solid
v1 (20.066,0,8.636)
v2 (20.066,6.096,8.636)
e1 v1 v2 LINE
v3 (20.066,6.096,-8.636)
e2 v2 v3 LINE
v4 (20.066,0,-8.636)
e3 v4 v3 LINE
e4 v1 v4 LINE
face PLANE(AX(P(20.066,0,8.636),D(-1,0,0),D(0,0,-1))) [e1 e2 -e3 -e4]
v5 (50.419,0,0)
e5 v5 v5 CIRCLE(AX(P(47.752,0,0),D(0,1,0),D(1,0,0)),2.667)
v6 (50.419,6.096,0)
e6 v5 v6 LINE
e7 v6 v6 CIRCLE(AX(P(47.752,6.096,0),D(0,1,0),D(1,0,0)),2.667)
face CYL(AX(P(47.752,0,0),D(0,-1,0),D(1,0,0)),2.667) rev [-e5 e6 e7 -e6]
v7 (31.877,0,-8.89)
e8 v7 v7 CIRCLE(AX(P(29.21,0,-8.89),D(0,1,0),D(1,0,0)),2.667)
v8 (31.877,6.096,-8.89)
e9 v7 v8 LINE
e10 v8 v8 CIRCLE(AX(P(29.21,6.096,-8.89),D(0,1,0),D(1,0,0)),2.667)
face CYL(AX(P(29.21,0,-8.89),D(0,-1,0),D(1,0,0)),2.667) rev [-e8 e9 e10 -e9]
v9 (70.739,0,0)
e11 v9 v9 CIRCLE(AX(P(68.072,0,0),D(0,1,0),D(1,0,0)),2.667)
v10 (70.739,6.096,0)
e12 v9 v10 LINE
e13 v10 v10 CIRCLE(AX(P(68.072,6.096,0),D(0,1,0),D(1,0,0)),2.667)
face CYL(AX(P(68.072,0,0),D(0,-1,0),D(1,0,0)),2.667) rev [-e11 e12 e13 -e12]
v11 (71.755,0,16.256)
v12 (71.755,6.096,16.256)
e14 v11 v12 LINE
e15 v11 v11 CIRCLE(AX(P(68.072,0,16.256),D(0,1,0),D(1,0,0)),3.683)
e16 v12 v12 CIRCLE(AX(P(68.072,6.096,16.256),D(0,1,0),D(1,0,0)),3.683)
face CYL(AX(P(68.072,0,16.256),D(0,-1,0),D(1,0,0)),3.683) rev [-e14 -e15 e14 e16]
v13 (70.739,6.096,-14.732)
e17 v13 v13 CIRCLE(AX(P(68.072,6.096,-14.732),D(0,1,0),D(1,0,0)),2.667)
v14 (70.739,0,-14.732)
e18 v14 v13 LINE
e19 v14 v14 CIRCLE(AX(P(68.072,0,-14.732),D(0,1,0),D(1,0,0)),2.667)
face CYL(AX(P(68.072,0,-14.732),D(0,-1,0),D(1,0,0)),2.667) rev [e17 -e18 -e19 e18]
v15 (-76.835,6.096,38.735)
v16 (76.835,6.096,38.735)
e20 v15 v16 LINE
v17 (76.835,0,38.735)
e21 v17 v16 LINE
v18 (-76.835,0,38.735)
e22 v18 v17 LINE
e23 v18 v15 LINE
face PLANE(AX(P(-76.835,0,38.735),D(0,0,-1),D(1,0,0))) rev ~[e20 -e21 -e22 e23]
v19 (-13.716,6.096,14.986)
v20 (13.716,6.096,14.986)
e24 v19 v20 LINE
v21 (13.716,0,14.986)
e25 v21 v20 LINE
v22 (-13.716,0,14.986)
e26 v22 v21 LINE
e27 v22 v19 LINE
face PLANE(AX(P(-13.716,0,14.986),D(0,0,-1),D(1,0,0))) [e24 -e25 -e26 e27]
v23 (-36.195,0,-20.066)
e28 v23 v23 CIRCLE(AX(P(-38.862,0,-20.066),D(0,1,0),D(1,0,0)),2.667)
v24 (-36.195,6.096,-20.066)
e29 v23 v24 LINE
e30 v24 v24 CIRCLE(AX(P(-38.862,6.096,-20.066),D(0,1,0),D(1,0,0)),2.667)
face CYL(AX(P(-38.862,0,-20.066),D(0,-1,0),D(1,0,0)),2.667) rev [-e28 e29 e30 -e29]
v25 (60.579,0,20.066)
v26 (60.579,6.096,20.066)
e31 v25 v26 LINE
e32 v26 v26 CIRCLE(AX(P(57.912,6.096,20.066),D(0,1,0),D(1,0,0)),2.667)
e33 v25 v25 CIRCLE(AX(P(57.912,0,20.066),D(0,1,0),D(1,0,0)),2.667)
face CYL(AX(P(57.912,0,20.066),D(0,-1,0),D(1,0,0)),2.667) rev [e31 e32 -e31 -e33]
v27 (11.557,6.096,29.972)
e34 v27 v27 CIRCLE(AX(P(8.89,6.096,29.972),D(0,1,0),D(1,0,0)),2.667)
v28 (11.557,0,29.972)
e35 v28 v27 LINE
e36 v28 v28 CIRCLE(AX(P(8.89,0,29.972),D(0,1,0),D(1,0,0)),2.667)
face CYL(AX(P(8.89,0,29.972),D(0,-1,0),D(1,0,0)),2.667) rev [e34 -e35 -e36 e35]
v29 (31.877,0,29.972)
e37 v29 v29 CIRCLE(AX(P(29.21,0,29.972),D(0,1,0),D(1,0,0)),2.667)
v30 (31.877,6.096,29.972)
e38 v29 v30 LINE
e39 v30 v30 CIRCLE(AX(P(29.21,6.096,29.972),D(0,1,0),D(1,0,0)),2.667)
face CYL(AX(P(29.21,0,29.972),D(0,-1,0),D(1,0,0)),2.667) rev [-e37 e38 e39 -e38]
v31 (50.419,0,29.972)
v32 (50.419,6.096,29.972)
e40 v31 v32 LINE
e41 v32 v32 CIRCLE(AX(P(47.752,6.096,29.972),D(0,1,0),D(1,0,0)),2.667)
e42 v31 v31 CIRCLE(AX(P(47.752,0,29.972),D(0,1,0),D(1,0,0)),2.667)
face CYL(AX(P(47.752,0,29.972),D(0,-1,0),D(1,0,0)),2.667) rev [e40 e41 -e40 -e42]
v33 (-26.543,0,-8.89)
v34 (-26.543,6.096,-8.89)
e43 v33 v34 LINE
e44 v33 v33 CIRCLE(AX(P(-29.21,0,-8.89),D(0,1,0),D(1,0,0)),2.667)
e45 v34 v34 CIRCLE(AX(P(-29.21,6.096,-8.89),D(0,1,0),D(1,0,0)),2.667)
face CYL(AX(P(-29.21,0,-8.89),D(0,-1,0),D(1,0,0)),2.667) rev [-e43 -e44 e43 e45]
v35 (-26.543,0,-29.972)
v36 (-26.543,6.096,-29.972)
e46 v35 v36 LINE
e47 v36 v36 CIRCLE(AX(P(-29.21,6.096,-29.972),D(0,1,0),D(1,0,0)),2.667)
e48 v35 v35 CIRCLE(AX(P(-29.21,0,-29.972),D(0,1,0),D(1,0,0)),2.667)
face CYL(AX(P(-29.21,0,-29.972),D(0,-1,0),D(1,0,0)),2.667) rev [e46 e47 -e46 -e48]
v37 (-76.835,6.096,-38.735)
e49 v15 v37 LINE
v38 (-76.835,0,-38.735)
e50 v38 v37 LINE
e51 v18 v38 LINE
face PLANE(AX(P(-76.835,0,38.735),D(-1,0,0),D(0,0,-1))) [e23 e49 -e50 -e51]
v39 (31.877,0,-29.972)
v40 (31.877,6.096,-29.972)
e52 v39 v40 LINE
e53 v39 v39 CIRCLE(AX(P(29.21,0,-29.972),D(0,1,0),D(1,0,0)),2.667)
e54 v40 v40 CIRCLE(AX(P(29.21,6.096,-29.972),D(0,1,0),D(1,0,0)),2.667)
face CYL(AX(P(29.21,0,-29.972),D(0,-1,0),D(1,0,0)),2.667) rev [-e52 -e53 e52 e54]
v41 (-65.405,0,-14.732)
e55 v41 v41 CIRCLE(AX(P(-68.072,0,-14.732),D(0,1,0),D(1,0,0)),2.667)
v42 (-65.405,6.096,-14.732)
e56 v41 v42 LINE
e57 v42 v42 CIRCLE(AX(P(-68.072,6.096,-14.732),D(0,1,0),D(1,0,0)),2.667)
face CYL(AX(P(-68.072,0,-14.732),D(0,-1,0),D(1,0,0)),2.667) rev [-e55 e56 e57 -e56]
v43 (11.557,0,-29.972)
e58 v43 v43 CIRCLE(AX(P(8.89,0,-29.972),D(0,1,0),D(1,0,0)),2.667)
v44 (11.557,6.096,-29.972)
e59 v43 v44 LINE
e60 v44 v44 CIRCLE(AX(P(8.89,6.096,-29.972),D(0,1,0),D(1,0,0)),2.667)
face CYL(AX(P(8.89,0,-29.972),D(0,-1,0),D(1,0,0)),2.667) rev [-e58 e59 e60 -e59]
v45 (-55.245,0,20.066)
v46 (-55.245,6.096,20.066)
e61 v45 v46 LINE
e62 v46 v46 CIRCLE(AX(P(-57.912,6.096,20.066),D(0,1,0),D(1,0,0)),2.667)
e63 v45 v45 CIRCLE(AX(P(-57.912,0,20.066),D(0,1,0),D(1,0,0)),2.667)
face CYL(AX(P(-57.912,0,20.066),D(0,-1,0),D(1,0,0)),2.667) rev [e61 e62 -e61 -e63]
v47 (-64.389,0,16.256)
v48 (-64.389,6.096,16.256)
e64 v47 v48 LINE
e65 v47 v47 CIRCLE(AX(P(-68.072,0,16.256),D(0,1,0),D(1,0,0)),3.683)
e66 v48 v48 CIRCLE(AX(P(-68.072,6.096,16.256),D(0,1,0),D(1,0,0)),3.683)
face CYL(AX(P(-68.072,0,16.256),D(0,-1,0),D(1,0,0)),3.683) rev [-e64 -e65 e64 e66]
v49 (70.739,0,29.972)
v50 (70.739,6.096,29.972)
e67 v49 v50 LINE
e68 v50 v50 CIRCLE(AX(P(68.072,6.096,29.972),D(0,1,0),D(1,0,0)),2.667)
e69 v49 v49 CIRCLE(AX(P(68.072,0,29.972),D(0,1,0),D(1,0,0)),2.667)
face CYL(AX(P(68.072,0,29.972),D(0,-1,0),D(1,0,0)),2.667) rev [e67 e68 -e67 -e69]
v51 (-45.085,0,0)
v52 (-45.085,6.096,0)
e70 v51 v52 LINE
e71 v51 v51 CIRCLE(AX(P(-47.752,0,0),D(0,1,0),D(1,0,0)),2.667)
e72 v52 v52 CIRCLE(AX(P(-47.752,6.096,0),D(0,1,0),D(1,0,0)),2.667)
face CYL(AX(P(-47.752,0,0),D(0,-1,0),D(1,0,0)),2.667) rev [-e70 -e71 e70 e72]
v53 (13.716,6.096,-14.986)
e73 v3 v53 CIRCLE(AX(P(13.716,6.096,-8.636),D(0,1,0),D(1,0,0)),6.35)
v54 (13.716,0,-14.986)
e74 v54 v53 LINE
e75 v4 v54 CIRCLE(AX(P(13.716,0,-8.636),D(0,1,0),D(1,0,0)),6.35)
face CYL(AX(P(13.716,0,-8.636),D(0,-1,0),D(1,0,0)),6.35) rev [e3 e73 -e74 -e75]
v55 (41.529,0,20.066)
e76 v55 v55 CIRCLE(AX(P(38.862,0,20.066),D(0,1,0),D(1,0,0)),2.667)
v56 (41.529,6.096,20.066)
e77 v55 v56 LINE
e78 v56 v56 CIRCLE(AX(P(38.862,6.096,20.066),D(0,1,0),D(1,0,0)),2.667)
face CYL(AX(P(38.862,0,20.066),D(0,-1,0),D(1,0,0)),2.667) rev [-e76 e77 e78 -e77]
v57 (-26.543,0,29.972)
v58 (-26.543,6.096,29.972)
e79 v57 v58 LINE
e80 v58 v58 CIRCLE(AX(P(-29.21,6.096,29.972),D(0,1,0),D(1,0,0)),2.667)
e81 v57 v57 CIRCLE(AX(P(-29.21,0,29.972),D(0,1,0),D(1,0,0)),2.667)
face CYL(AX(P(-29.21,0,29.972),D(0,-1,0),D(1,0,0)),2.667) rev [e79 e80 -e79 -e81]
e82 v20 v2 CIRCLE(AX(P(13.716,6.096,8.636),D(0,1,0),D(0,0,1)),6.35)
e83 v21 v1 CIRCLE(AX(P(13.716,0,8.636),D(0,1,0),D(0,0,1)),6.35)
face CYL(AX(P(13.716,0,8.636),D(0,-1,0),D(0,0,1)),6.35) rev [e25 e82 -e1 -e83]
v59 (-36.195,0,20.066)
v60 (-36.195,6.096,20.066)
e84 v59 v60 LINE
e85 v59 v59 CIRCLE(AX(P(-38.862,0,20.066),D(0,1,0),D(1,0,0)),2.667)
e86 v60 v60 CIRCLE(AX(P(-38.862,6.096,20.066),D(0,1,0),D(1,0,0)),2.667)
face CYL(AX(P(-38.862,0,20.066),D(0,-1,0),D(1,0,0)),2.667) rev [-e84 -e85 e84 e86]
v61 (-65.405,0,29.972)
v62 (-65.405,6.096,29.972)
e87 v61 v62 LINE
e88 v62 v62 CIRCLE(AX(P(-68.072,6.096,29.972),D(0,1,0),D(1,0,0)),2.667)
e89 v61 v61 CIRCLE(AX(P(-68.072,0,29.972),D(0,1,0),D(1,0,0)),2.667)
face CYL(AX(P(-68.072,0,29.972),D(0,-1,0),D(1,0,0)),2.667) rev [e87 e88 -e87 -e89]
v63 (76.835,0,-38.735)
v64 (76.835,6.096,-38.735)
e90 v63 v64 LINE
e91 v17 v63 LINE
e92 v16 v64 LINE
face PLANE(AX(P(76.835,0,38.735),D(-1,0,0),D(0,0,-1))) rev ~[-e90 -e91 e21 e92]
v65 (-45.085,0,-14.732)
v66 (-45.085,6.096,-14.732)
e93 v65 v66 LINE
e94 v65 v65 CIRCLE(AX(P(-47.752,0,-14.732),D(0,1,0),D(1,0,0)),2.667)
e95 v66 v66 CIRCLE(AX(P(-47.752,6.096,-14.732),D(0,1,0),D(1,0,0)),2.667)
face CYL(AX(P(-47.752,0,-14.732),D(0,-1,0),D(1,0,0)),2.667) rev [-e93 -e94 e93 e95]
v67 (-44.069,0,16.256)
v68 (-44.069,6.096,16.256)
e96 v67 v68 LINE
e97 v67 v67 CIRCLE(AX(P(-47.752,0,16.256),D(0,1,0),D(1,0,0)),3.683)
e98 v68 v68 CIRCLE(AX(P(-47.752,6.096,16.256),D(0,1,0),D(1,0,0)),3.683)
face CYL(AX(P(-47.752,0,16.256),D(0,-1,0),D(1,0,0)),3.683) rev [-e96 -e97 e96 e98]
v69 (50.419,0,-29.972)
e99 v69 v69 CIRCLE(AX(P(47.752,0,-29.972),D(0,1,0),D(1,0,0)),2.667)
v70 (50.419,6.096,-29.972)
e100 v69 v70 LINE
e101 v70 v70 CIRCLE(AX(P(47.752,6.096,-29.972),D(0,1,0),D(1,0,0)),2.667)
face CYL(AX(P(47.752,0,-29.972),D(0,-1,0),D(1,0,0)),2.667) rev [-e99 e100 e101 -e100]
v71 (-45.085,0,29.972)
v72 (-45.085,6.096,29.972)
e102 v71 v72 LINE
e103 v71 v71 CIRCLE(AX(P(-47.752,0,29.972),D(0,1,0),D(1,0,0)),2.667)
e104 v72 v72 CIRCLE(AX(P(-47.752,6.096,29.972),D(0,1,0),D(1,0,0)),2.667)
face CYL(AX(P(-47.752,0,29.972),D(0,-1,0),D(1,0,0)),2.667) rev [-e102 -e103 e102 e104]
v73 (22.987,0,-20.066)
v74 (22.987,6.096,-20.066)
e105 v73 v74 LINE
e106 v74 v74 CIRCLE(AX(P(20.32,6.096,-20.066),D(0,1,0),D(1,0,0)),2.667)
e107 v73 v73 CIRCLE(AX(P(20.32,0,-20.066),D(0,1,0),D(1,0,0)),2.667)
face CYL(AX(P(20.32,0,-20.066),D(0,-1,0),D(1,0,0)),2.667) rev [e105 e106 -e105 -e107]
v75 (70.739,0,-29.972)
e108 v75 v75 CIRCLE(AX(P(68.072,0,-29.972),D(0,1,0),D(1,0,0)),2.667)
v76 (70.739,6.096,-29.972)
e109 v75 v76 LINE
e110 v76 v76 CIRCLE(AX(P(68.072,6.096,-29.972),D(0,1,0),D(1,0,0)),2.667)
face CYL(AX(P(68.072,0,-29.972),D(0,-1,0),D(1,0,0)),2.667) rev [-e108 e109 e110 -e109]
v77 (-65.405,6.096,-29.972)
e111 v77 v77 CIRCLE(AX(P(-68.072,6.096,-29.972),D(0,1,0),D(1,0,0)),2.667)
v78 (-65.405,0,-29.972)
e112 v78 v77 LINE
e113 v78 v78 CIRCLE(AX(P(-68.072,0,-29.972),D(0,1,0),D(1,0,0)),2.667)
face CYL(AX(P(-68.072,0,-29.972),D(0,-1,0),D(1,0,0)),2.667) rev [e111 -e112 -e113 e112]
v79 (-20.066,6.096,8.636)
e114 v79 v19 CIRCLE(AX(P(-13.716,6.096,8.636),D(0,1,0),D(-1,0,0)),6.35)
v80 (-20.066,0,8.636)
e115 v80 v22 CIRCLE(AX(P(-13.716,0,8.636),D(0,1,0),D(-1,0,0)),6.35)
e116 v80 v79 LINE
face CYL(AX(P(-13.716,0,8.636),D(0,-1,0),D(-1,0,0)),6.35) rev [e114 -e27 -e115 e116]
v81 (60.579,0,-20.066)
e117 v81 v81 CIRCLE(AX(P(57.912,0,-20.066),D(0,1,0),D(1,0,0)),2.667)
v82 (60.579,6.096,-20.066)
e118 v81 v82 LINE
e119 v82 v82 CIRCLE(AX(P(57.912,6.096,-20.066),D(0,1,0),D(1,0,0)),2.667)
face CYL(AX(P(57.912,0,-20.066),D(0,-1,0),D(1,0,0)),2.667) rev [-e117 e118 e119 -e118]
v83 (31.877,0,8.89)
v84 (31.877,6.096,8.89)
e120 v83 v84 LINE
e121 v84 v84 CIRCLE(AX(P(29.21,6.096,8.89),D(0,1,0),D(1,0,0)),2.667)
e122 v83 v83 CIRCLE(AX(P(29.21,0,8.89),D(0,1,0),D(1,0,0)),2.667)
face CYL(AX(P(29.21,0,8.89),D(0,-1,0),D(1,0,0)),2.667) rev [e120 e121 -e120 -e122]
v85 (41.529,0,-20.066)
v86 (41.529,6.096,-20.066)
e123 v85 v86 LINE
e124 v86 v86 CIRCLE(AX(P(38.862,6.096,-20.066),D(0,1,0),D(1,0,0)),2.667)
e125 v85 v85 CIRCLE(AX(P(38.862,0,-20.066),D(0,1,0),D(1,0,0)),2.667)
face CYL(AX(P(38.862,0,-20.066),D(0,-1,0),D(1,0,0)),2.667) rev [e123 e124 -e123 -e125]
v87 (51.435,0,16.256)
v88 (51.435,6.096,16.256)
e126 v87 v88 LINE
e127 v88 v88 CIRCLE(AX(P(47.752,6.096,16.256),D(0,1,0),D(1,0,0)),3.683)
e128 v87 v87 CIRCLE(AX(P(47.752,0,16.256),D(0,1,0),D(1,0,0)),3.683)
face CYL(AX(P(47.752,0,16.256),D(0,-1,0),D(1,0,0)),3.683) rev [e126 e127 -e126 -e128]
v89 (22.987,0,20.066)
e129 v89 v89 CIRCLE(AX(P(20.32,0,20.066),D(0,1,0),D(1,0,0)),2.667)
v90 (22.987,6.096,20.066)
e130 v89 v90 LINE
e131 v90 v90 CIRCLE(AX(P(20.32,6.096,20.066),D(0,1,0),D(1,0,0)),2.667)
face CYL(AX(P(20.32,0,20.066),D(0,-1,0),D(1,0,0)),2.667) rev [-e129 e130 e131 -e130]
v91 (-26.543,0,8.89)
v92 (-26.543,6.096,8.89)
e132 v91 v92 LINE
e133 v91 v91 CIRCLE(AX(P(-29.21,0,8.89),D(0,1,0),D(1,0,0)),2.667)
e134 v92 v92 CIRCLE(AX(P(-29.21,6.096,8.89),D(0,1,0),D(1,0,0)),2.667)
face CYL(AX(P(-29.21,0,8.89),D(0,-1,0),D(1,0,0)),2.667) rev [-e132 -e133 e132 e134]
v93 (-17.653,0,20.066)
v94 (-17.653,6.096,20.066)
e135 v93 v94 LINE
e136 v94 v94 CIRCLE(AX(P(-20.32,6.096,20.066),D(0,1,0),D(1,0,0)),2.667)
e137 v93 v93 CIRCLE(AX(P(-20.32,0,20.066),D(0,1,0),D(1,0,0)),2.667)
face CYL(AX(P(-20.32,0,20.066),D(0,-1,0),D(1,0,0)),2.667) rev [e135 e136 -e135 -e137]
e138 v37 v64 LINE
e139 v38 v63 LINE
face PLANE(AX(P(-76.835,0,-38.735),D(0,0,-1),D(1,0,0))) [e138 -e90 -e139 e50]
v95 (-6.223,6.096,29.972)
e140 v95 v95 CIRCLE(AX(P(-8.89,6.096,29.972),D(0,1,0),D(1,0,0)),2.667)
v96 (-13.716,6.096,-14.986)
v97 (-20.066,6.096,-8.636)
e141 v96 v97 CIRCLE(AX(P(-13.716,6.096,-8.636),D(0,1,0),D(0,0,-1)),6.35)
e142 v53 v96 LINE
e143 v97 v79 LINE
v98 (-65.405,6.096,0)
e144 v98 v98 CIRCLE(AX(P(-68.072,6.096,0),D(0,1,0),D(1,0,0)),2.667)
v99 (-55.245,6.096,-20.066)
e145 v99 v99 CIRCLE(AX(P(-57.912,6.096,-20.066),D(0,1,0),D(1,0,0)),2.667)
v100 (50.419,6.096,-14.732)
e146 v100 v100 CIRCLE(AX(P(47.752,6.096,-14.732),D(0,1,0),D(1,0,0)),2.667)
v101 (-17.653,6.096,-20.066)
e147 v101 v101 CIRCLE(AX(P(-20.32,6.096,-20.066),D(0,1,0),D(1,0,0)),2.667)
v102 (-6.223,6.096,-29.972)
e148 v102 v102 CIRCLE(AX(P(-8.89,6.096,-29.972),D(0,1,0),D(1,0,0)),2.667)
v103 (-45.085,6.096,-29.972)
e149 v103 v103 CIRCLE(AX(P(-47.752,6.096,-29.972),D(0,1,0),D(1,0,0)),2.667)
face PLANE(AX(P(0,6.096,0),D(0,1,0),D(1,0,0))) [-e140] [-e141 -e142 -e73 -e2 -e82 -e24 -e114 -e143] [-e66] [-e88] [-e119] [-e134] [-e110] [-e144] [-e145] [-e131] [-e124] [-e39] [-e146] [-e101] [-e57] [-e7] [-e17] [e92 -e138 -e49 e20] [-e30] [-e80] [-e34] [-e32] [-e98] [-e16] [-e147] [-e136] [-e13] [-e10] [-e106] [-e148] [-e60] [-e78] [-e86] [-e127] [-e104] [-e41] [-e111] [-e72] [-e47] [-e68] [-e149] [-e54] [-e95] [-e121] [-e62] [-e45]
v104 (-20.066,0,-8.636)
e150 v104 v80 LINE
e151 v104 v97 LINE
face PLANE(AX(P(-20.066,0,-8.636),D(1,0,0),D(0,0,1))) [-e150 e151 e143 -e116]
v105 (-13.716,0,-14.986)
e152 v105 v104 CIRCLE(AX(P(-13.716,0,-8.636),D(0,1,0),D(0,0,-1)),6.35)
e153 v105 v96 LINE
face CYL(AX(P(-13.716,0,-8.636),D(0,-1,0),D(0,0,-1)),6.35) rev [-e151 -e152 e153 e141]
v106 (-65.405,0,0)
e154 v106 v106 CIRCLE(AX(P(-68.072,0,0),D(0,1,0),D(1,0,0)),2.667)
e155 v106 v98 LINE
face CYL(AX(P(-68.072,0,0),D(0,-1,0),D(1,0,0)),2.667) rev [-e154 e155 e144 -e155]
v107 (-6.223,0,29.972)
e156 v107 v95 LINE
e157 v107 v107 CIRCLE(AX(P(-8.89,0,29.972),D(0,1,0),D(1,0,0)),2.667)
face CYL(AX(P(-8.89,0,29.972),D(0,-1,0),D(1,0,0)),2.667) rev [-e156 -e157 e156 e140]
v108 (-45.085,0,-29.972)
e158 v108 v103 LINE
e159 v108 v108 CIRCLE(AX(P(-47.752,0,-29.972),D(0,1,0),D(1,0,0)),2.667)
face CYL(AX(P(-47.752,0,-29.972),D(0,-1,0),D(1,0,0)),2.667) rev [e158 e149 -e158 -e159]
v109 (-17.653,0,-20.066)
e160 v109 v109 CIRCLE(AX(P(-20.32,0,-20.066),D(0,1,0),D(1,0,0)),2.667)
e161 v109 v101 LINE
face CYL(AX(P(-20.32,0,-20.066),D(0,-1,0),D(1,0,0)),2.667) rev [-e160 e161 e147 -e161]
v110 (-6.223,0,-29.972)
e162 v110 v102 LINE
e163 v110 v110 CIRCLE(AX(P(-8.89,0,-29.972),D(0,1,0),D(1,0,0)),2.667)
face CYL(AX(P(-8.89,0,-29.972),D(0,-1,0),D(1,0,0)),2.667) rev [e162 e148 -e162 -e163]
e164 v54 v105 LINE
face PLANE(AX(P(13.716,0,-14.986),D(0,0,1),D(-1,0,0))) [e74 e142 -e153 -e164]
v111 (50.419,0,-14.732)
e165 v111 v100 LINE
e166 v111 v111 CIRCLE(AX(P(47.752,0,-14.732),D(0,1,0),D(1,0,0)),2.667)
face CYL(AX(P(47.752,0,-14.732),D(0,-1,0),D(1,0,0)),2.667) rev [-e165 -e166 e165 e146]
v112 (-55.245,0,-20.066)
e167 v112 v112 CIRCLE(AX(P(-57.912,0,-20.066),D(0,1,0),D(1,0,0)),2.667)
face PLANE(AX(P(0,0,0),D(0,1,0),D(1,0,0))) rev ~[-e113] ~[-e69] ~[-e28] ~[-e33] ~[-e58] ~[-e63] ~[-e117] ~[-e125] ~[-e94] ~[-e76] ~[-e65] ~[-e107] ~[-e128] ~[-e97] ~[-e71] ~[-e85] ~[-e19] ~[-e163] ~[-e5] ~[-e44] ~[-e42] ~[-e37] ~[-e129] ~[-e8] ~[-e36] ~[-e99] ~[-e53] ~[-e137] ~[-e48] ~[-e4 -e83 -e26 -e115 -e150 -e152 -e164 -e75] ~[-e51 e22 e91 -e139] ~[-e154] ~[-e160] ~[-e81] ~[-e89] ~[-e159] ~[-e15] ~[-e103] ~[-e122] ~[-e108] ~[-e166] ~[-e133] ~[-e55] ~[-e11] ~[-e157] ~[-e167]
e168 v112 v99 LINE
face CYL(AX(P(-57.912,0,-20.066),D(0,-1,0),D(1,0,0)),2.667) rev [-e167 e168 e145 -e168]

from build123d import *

# Parameters (mm, degrees)
SKETCH1_W           = 153.67
SKETCH1_H           = 77.47
SKETCH1_R           = 2.667
SKETCH1_R_2         = 3.683
BOSS_EXTRUDE1_DEPTH = 6.096


with BuildPart() as part:
    # Sketch1 → Boss-Extrude1 (new body)
    with BuildSketch(Plane(origin=(0, 0, 0), x_dir=(1, 0, 0), z_dir=(0, 1, 0))):
        Rectangle(SKETCH1_W, SKETCH1_H)
        with Locations((-68.072, 29.972)):
            Circle(SKETCH1_R, mode=Mode.SUBTRACT)
        with Locations((-68.072, 14.732)):
            Circle(SKETCH1_R, mode=Mode.SUBTRACT)
        with Locations((-68.072, 0)):
            Circle(SKETCH1_R, mode=Mode.SUBTRACT)
        with Locations((-68.072, -29.972)):
            Circle(SKETCH1_R, mode=Mode.SUBTRACT)
        with Locations((-68.072, -16.256)):
            Circle(SKETCH1_R_2, mode=Mode.SUBTRACT)
        with Locations((-47.752, -29.972)):
            Circle(SKETCH1_R, mode=Mode.SUBTRACT)
        with Locations((-47.752, -16.256)):
            Circle(SKETCH1_R_2, mode=Mode.SUBTRACT)
        with Locations((-47.752, 0)):
            Circle(SKETCH1_R, mode=Mode.SUBTRACT)
        with Locations((-47.752, 14.732)):
            Circle(SKETCH1_R, mode=Mode.SUBTRACT)
        with Locations((-47.752, 29.972)):
            Circle(SKETCH1_R, mode=Mode.SUBTRACT)
        with Locations((-29.21, 29.972)):
            Circle(SKETCH1_R, mode=Mode.SUBTRACT)
        with Locations((-8.89, 29.972)):
            Circle(SKETCH1_R, mode=Mode.SUBTRACT)
        with Locations((-29.21, 8.89)):
            Circle(SKETCH1_R, mode=Mode.SUBTRACT)
        with Locations((-29.21, -8.89)):
            Circle(SKETCH1_R, mode=Mode.SUBTRACT)
        with Locations((-8.89, -29.972)):
            Circle(SKETCH1_R, mode=Mode.SUBTRACT)
        with Locations((-29.21, -29.972)):
            Circle(SKETCH1_R, mode=Mode.SUBTRACT)
        with Locations((-57.912, 20.066)):
            Circle(SKETCH1_R, mode=Mode.SUBTRACT)
        with Locations((-57.912, -20.066)):
            Circle(SKETCH1_R, mode=Mode.SUBTRACT)
        with Locations((-20.32, 20.066)):
            Circle(SKETCH1_R, mode=Mode.SUBTRACT)
        with Locations((-20.32, -20.066)):
            Circle(SKETCH1_R, mode=Mode.SUBTRACT)
        with Locations((-38.862, 20.066)):
            Circle(SKETCH1_R, mode=Mode.SUBTRACT)
        with Locations((-38.862, -20.066)):
            Circle(SKETCH1_R, mode=Mode.SUBTRACT)
        with Locations((20.32, -20.066)):
            Circle(SKETCH1_R, mode=Mode.SUBTRACT)
        with Locations((8.89, -29.972)):
            Circle(SKETCH1_R, mode=Mode.SUBTRACT)
        with Locations((29.21, -29.972)):
            Circle(SKETCH1_R, mode=Mode.SUBTRACT)
        with Locations((38.862, -20.066)):
            Circle(SKETCH1_R, mode=Mode.SUBTRACT)
        with Locations((47.752, -29.972)):
            Circle(SKETCH1_R, mode=Mode.SUBTRACT)
        with Locations((68.072, -29.972)):
            Circle(SKETCH1_R, mode=Mode.SUBTRACT)
        with Locations((68.072, 0)):
            Circle(SKETCH1_R, mode=Mode.SUBTRACT)
        with Locations((68.072, -16.256)):
            Circle(SKETCH1_R_2, mode=Mode.SUBTRACT)
        with Locations((57.912, -20.066)):
            Circle(SKETCH1_R, mode=Mode.SUBTRACT)
        with Locations((47.752, -16.256)):
            Circle(SKETCH1_R_2, mode=Mode.SUBTRACT)
        with Locations((29.21, -8.89)):
            Circle(SKETCH1_R, mode=Mode.SUBTRACT)
        with Locations((29.21, 8.89)):
            Circle(SKETCH1_R, mode=Mode.SUBTRACT)
        with Locations((57.912, 20.066)):
            Circle(SKETCH1_R, mode=Mode.SUBTRACT)
        with Locations((68.072, 14.732)):
            Circle(SKETCH1_R, mode=Mode.SUBTRACT)
        with Locations((68.072, 29.972)):
            Circle(SKETCH1_R, mode=Mode.SUBTRACT)
        with Locations((47.752, 14.732)):
            Circle(SKETCH1_R, mode=Mode.SUBTRACT)
        with Locations((47.752, 0)):
            Circle(SKETCH1_R, mode=Mode.SUBTRACT)
        with Locations((38.862, 20.066)):
            Circle(SKETCH1_R, mode=Mode.SUBTRACT)
        with Locations((20.32, 20.066)):
            Circle(SKETCH1_R, mode=Mode.SUBTRACT)
        with Locations((8.89, 29.972)):
            Circle(SKETCH1_R, mode=Mode.SUBTRACT)
        with Locations((29.21, 29.972)):
            Circle(SKETCH1_R, mode=Mode.SUBTRACT)
        with Locations((47.752, 29.972)):
            Circle(SKETCH1_R, mode=Mode.SUBTRACT)
        with BuildLine():
            Line((13.716, 14.986), (-13.716, 14.986))
            ThreePointArc((-13.716, 14.986), (-18.206128061, 13.126128061), (-20.066, 8.636))
            Line((-20.066, 8.636), (-20.066, -8.636))
            ThreePointArc((-20.066, -8.636), (-18.206128061, -13.126128061), (-13.716, -14.986))
            Line((-13.716, -14.986), (13.716, -14.986))
            ThreePointArc((13.716, -14.986), (18.206128061, -13.126128061), (20.066, -8.636))
            Line((20.066, -8.636), (20.066, 8.636))
            ThreePointArc((20.066, 8.636), (18.206128061, 13.126128061), (13.716, 14.986))
        make_face(mode=Mode.SUBTRACT)
    extrude(amount=BOSS_EXTRUDE1_DEPTH)


solid = part.part
